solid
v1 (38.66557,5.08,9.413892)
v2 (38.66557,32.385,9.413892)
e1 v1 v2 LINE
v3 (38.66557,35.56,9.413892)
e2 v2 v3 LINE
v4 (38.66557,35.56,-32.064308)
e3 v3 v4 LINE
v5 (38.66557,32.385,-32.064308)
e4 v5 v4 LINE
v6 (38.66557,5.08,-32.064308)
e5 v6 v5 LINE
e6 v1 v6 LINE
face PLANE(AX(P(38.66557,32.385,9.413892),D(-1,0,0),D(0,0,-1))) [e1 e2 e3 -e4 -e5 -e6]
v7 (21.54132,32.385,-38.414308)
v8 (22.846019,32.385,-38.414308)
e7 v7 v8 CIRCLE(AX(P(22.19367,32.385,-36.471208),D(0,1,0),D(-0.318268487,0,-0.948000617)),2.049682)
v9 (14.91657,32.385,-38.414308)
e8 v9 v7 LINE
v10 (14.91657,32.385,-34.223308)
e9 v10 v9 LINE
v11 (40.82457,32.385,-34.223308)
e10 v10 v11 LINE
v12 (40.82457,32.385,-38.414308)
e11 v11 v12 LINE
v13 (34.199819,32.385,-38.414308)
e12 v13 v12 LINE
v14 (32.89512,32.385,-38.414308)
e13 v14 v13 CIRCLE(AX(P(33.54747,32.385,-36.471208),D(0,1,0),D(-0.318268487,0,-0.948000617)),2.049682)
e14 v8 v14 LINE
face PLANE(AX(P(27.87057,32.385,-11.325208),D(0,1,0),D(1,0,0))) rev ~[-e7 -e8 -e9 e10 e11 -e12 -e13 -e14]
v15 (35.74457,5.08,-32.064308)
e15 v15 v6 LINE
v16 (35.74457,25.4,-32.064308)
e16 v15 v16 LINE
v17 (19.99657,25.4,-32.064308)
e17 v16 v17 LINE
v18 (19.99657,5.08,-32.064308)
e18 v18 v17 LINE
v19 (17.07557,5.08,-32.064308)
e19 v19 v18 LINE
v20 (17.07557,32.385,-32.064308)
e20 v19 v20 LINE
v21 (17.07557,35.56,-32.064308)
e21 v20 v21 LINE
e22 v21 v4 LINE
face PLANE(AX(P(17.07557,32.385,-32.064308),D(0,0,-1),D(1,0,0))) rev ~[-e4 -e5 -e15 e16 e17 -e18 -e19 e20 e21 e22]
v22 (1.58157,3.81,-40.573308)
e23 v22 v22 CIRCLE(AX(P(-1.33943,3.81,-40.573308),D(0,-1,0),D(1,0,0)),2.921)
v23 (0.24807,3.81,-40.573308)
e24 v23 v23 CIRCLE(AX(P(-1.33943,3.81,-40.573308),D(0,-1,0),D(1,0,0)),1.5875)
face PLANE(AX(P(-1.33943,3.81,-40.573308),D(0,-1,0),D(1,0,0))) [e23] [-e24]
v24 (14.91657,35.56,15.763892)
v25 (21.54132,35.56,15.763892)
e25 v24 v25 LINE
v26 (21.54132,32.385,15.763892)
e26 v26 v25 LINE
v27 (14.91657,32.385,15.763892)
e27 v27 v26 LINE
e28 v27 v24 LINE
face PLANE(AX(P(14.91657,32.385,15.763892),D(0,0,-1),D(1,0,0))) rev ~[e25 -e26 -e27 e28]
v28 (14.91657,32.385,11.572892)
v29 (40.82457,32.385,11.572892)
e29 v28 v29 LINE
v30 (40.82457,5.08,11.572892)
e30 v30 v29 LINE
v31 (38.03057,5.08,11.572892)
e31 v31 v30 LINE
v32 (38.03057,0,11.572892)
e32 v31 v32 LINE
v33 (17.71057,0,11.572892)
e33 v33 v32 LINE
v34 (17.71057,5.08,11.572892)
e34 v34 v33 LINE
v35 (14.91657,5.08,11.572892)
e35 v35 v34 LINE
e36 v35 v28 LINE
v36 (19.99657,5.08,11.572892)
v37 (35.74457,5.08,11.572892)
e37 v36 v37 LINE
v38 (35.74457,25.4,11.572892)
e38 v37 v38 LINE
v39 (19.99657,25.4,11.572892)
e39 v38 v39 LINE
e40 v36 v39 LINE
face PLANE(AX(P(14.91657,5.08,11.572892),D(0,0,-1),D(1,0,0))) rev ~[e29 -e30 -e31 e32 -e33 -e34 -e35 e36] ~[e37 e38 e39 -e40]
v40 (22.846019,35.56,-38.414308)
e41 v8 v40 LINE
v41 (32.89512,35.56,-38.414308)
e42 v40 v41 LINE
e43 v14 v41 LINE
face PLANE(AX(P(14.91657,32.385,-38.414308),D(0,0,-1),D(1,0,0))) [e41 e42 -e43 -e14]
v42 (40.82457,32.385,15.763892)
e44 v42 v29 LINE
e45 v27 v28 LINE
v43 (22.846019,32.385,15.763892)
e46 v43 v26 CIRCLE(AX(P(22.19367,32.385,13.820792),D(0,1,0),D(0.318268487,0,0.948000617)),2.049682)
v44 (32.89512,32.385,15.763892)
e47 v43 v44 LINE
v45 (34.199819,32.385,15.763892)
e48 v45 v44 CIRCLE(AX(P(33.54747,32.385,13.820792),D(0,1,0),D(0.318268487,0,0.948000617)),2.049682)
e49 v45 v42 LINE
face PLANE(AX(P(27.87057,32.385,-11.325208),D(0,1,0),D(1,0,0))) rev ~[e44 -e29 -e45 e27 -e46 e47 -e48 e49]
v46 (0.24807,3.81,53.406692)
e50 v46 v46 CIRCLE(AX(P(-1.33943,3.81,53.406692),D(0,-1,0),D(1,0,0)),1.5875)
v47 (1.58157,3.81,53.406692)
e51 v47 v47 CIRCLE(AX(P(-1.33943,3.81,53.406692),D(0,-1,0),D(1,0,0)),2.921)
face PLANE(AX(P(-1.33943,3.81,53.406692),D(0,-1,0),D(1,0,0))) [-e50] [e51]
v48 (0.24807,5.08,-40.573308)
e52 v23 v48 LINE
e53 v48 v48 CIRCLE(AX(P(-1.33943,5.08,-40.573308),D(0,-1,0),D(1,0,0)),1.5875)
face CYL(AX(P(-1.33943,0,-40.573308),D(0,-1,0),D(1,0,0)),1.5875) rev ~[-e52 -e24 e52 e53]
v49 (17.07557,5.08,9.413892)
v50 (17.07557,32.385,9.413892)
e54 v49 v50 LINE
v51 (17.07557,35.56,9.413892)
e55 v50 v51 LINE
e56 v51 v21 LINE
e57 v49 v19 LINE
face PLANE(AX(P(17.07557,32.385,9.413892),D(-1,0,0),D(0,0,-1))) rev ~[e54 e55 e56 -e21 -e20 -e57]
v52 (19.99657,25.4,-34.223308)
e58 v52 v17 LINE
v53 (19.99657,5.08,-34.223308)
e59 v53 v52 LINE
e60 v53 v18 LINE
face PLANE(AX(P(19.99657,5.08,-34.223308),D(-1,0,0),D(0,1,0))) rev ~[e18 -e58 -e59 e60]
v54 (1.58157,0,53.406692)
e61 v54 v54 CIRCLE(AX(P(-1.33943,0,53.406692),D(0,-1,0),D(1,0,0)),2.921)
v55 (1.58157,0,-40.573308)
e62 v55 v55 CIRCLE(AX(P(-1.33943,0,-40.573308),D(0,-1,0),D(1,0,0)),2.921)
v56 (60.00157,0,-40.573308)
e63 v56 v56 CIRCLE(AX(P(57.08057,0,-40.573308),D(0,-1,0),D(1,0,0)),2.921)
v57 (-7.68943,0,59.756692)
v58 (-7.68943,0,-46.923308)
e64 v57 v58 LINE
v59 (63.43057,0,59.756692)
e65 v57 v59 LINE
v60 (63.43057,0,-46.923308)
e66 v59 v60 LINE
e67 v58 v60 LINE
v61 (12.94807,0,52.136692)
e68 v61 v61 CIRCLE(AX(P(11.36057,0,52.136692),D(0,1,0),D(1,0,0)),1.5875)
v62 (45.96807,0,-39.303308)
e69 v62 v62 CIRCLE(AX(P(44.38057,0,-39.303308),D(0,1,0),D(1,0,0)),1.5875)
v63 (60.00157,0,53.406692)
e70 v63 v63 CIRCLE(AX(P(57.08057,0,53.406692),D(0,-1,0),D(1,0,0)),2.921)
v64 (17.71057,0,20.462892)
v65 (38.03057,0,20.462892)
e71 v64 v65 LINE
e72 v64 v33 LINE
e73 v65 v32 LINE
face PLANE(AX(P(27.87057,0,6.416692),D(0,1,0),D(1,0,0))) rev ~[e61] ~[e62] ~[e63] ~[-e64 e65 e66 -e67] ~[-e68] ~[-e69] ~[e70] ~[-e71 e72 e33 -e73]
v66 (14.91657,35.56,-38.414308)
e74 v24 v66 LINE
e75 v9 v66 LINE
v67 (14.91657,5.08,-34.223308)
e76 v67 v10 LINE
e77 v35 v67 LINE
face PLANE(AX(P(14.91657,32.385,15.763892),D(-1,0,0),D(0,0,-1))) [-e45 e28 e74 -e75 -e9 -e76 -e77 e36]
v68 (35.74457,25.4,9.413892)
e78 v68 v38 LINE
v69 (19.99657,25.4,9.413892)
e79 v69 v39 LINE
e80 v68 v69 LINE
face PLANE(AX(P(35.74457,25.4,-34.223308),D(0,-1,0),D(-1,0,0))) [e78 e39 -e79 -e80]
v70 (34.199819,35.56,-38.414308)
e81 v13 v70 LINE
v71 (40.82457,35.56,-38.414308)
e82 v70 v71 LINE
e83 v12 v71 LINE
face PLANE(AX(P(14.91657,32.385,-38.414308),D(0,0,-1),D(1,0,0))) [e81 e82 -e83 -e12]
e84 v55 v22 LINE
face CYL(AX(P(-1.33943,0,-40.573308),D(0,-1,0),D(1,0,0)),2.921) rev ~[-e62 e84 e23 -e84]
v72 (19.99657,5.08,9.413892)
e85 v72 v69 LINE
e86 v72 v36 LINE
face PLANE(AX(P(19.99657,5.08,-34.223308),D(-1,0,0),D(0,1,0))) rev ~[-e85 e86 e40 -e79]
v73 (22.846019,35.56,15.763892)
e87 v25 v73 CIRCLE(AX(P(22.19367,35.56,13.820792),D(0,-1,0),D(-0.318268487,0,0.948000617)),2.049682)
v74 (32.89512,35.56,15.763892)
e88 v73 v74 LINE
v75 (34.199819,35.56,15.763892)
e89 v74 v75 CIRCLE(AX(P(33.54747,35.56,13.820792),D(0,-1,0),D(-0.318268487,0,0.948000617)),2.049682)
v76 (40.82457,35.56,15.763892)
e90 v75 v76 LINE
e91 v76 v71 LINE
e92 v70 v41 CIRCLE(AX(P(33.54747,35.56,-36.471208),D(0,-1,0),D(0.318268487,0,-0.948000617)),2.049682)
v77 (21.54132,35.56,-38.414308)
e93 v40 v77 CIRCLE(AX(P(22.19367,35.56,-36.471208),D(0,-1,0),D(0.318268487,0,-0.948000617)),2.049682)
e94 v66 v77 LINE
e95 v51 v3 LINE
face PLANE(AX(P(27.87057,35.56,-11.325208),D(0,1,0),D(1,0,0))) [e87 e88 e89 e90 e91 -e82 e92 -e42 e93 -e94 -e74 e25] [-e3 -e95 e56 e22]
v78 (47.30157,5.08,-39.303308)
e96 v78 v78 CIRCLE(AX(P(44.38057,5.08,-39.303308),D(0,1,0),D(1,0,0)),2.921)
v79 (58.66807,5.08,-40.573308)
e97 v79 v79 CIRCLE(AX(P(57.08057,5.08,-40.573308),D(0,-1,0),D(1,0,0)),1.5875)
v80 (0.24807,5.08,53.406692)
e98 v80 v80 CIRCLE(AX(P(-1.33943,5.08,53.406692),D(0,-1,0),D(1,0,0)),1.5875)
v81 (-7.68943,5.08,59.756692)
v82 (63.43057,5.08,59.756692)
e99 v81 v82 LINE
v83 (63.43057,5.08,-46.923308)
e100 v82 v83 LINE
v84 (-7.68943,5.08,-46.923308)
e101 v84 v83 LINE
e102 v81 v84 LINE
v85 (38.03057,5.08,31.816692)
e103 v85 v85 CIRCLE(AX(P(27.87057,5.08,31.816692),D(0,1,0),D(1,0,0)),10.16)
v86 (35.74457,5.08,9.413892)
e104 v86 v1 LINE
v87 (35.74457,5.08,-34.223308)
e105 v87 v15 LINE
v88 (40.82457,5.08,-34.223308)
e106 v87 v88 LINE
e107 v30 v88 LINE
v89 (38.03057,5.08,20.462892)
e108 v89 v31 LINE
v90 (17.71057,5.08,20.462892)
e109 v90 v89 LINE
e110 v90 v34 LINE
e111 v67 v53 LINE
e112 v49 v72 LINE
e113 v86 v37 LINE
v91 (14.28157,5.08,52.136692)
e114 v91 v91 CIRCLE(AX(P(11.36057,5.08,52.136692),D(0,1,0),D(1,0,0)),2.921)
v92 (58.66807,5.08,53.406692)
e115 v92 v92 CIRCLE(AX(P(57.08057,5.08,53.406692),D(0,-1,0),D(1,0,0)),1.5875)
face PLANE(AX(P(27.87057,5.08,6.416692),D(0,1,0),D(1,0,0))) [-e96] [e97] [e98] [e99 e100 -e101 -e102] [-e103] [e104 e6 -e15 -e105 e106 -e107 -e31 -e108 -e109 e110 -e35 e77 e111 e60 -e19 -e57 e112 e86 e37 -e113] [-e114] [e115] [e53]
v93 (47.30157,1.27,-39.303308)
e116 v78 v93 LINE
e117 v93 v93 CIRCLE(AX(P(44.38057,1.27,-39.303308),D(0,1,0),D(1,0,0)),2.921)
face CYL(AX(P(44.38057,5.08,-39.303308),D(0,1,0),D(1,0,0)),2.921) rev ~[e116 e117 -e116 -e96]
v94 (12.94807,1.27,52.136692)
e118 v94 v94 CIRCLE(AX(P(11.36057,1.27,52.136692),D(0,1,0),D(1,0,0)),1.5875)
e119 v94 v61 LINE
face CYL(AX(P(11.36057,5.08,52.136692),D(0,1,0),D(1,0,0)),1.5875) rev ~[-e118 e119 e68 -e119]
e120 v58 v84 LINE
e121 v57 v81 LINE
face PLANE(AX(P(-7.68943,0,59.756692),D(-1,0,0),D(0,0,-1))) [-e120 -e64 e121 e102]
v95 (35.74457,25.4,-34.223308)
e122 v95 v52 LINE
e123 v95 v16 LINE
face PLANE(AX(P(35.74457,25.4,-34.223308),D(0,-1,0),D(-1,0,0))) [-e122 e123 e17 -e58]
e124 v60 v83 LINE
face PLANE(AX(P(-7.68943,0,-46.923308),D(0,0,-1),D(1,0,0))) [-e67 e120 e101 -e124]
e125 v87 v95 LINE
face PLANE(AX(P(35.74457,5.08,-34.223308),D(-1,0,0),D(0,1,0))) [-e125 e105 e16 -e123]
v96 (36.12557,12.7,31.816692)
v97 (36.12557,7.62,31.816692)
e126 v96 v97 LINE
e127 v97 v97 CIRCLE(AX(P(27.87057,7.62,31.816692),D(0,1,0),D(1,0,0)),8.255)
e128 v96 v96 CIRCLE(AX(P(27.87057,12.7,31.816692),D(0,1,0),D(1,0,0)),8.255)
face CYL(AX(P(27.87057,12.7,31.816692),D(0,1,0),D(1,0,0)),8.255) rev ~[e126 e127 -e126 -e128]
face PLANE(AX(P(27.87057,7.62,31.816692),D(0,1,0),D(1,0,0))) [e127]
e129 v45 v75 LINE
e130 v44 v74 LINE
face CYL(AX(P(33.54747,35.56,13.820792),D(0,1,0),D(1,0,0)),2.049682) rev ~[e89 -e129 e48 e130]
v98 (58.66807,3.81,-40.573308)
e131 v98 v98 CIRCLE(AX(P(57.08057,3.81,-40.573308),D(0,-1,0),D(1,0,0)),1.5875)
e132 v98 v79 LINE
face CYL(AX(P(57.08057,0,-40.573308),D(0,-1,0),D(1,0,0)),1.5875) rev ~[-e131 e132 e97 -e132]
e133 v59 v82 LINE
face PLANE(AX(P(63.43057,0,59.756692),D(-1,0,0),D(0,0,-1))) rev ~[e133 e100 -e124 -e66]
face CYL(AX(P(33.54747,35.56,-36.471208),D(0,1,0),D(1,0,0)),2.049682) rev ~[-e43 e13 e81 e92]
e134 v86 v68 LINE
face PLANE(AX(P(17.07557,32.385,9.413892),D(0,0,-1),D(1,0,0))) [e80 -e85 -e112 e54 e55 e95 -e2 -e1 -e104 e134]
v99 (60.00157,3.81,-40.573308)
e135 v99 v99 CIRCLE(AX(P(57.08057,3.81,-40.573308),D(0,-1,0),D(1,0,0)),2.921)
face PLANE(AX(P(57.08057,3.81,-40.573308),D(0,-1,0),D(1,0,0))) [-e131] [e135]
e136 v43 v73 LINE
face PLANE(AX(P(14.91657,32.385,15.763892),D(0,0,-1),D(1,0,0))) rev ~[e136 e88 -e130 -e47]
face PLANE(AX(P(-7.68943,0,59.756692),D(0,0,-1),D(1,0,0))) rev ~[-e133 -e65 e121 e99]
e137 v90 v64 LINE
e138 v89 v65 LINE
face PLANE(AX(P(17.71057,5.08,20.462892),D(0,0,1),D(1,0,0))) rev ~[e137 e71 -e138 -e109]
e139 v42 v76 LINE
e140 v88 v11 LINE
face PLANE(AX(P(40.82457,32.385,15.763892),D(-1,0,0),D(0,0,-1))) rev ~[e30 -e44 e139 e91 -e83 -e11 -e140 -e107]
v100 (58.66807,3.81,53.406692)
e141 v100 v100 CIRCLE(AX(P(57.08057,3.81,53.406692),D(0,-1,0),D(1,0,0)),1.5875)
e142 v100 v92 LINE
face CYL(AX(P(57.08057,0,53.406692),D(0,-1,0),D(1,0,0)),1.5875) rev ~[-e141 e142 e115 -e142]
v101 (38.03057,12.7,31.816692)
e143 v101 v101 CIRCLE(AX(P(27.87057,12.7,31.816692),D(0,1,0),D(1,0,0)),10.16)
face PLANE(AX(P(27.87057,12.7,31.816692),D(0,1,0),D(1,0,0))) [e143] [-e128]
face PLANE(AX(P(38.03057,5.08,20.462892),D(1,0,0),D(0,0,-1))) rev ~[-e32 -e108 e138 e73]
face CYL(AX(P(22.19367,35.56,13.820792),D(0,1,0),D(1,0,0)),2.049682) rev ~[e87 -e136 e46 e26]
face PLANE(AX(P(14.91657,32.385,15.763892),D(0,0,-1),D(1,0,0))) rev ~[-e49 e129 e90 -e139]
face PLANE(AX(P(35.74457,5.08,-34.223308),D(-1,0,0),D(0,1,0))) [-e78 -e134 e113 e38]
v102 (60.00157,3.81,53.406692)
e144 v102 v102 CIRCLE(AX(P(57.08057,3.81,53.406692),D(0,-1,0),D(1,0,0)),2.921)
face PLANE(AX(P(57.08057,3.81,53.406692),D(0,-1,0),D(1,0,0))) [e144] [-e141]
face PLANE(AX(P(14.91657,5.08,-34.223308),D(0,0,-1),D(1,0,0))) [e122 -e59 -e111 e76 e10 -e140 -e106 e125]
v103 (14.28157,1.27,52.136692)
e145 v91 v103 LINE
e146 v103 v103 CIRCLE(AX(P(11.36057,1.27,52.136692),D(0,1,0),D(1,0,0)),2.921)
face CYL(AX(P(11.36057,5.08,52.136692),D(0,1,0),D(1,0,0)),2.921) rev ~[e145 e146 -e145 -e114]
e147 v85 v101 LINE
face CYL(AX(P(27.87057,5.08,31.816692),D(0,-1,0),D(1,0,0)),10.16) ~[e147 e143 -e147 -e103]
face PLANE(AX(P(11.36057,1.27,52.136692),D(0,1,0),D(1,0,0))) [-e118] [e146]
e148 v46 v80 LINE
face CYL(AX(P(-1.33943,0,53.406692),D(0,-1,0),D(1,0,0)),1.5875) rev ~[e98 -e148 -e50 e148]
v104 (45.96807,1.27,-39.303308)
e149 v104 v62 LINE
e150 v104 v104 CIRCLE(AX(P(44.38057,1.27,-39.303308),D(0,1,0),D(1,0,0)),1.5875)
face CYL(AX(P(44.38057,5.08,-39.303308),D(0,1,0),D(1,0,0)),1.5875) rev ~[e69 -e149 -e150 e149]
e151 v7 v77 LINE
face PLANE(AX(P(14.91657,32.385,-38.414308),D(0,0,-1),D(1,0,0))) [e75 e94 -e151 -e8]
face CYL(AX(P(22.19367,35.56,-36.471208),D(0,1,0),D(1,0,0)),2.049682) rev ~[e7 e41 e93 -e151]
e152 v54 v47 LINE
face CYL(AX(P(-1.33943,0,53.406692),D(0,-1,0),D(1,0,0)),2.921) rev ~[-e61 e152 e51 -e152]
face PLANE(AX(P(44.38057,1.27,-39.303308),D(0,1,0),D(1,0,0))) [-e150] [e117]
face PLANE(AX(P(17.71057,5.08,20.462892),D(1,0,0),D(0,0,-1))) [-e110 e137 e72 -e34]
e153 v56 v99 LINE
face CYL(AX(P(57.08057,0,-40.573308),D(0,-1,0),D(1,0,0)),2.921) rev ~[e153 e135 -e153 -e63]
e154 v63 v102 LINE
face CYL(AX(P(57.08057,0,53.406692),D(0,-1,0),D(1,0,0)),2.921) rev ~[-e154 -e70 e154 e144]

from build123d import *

# Parameters (mm, degrees)
SKETCH1_W           = 71.12
SKETCH1_H           = 106.68
BOSS_EXTRUDE1_DEPTH = 5.08
SKETCH3_W           = 25.908
SKETCH3_H           = 45.7962
SKETCH3_W_2         = 21.59
SKETCH3_H_2         = 41.4782
BOSS_EXTRUDE2_DEPTH = 27.305
SKETCH4_W           = 25.908
SKETCH4_H           = 54.1782
SKETCH4_W_2         = 21.59
SKETCH4_H_2         = 41.4782
BOSS_EXTRUDE3_DEPTH = 3.175
SKETCH5_R           = 2.04968221
CUT_EXTRUDE1_DEPTH  = 3.175
SKETCH7_W           = 15.748
SKETCH7_H           = 20.32
CUT_EXTRUDE3_DEPTH  = 45.7962
SKETCH8_R           = 10.16
BOSS_EXTRUDE4_DEPTH = 7.62
SKETCH9_R           = 8.255
CUT_EXTRUDE4_DEPTH  = 5.08
SKETCH10_W          = 20.32
SKETCH10_H          = 8.89
CUT_EXTRUDE5_DEPTH  = 6.08
SKETCH11_R          = 1.5875
CUT_EXTRUDE6_DEPTH  = 6.08
SKETCH15_R          = 2.921
CUT_EXTRUDE7_DEPTH  = 3.81
SKETCH16_R          = 2.921
CUT_EXTRUDE8_DEPTH  = 3.81
SKETCH17_R          = 1.5875
CUT_EXTRUDE9_DEPTH  = 36.56


with BuildPart() as part:
    # Sketch1 → Boss-Extrude1 (new body)
    with BuildSketch(Plane(origin=(56.401870569, 0, 2.613156724), x_dir=(1, 0, 0), z_dir=(0, 1, 0))):
        with Locations((-28.531301018, -3.803535099)):
            Rectangle(SKETCH1_W, SKETCH1_H)
    extrude(amount=BOSS_EXTRUDE1_DEPTH)

    # Sketch3 → Boss-Extrude2 (add)
    with BuildSketch(Plane(origin=(56.401870569, 5.08, 2.613156724), x_dir=(1, 0, 0), z_dir=(0, 1, 0))):
        with Locations((-28.531301018, 13.938364901)):
            Rectangle(SKETCH3_W, SKETCH3_H)
        with Locations((-28.531301018, 13.938364901)):
            Rectangle(SKETCH3_W_2, SKETCH3_H_2, mode=Mode.SUBTRACT)
    extrude(amount=BOSS_EXTRUDE2_DEPTH)

    # Sketch4 → Boss-Extrude3 (add)
    with BuildSketch(Plane(origin=(0, 32.385, 0), x_dir=(1, 0, 0), z_dir=(0, 1, 0))):
        with Locations((27.87056955, 11.325208176)):
            Rectangle(SKETCH4_W, SKETCH4_H)
        with Locations((27.87056955, 11.325208176)):
            Rectangle(SKETCH4_W_2, SKETCH4_H_2, mode=Mode.SUBTRACT)
    extrude(amount=BOSS_EXTRUDE3_DEPTH)

    # Sketch5 → Cut-Extrude1 (cut)
    with BuildSketch(Plane(origin=(0, 35.56, 0), x_dir=(1, 0, 0), z_dir=(0, 1, 0))):
        with Locations((22.19366955, 36.471208176)):
            Circle(SKETCH5_R)
        with Locations((33.54746955, 36.471208176)):
            Circle(SKETCH5_R)
        with Locations((22.19366955, -13.820791824)):
            Circle(SKETCH5_R)
        with Locations((33.54746955, -13.820791824)):
            Circle(SKETCH5_R)
    extrude(amount=-CUT_EXTRUDE1_DEPTH, mode=Mode.SUBTRACT)

    # Sketch7 → Cut-Extrude3 (cut)
    with BuildSketch(Plane(origin=(0, 0, -34.223308176), x_dir=(-1, 0, 0), z_dir=(0, 0, -1))):
        with Locations((-27.87056955, 15.24)):
            Rectangle(SKETCH7_W, SKETCH7_H)
    extrude(amount=-CUT_EXTRUDE3_DEPTH, mode=Mode.SUBTRACT)

    # Sketch8 → Boss-Extrude4 (add)
    with BuildSketch(Plane(origin=(0, 5.08, 0), x_dir=(1, 0, 0), z_dir=(0, 1, 0))):
        with Locations((27.87056955, -31.816691824)):
            Circle(SKETCH8_R)
    extrude(amount=BOSS_EXTRUDE4_DEPTH)

    # Sketch9 → Cut-Extrude4 (cut)
    with BuildSketch(Plane(origin=(0, 12.7, 0), x_dir=(1, 0, 0), z_dir=(0, 1, 0))):
        with Locations((27.87056955, -31.816691824)):
            Circle(SKETCH9_R)
    extrude(amount=-CUT_EXTRUDE4_DEPTH, mode=Mode.SUBTRACT)

    # Sketch10 → Cut-Extrude5 (cut, through all)
    with BuildSketch(Plane(origin=(0, 5.08, 0), x_dir=(1, 0, 0), z_dir=(0, 1, 0))):
        with Locations((27.87056955, -16.017891824)):
            Rectangle(SKETCH10_W, SKETCH10_H)
    extrude(amount=-CUT_EXTRUDE5_DEPTH, mode=Mode.SUBTRACT)

    # Sketch11 → Cut-Extrude6 (cut, through all)
    with BuildSketch(Plane(origin=(0, 5.08, 0), x_dir=(1, 0, 0), z_dir=(0, 1, 0))):
        with Locations((44.38056955, 39.303308176)):
            Circle(SKETCH11_R)
        with Locations((11.36056955, -52.136691824)):
            Circle(SKETCH11_R)
    extrude(amount=-CUT_EXTRUDE6_DEPTH, mode=Mode.SUBTRACT)

    # Sketch15 → Cut-Extrude7 (cut)
    with BuildSketch(Plane(origin=(0, 5.08, 0), x_dir=(1, 0, 0), z_dir=(0, 1, 0))):
        with Locations((11.36056955, -52.136691824)):
            Circle(SKETCH15_R)
        with Locations((44.38056955, 39.303308176)):
            Circle(SKETCH15_R)
    extrude(amount=-CUT_EXTRUDE7_DEPTH, mode=Mode.SUBTRACT)

    # Sketch16 → Cut-Extrude8 (cut)
    with BuildSketch(Plane.XZ):
        with Locations((-1.33943045, 53.406691824)):
            Circle(SKETCH16_R)
        with Locations((57.08056955, 53.406691824)):
            Circle(SKETCH16_R)
        with Locations((57.08056955, -40.573308176)):
            Circle(SKETCH16_R)
        with Locations((-1.33943045, -40.573308176)):
            Circle(SKETCH16_R)
    extrude(amount=-CUT_EXTRUDE8_DEPTH, mode=Mode.SUBTRACT)

    # Sketch17 → Cut-Extrude9 (cut, through all)
    with BuildSketch(Plane.XZ):
        with Locations((-1.33943045, 53.406691824)):
            Circle(SKETCH17_R)
        with Locations((57.08056955, 53.406691824)):
            Circle(SKETCH17_R)
        with Locations((57.08056955, -40.573308176)):
            Circle(SKETCH17_R)
        with Locations((-1.33943045, -40.573308176)):
            Circle(SKETCH17_R)
    extrude(amount=-CUT_EXTRUDE9_DEPTH, mode=Mode.SUBTRACT)


solid = part.part
